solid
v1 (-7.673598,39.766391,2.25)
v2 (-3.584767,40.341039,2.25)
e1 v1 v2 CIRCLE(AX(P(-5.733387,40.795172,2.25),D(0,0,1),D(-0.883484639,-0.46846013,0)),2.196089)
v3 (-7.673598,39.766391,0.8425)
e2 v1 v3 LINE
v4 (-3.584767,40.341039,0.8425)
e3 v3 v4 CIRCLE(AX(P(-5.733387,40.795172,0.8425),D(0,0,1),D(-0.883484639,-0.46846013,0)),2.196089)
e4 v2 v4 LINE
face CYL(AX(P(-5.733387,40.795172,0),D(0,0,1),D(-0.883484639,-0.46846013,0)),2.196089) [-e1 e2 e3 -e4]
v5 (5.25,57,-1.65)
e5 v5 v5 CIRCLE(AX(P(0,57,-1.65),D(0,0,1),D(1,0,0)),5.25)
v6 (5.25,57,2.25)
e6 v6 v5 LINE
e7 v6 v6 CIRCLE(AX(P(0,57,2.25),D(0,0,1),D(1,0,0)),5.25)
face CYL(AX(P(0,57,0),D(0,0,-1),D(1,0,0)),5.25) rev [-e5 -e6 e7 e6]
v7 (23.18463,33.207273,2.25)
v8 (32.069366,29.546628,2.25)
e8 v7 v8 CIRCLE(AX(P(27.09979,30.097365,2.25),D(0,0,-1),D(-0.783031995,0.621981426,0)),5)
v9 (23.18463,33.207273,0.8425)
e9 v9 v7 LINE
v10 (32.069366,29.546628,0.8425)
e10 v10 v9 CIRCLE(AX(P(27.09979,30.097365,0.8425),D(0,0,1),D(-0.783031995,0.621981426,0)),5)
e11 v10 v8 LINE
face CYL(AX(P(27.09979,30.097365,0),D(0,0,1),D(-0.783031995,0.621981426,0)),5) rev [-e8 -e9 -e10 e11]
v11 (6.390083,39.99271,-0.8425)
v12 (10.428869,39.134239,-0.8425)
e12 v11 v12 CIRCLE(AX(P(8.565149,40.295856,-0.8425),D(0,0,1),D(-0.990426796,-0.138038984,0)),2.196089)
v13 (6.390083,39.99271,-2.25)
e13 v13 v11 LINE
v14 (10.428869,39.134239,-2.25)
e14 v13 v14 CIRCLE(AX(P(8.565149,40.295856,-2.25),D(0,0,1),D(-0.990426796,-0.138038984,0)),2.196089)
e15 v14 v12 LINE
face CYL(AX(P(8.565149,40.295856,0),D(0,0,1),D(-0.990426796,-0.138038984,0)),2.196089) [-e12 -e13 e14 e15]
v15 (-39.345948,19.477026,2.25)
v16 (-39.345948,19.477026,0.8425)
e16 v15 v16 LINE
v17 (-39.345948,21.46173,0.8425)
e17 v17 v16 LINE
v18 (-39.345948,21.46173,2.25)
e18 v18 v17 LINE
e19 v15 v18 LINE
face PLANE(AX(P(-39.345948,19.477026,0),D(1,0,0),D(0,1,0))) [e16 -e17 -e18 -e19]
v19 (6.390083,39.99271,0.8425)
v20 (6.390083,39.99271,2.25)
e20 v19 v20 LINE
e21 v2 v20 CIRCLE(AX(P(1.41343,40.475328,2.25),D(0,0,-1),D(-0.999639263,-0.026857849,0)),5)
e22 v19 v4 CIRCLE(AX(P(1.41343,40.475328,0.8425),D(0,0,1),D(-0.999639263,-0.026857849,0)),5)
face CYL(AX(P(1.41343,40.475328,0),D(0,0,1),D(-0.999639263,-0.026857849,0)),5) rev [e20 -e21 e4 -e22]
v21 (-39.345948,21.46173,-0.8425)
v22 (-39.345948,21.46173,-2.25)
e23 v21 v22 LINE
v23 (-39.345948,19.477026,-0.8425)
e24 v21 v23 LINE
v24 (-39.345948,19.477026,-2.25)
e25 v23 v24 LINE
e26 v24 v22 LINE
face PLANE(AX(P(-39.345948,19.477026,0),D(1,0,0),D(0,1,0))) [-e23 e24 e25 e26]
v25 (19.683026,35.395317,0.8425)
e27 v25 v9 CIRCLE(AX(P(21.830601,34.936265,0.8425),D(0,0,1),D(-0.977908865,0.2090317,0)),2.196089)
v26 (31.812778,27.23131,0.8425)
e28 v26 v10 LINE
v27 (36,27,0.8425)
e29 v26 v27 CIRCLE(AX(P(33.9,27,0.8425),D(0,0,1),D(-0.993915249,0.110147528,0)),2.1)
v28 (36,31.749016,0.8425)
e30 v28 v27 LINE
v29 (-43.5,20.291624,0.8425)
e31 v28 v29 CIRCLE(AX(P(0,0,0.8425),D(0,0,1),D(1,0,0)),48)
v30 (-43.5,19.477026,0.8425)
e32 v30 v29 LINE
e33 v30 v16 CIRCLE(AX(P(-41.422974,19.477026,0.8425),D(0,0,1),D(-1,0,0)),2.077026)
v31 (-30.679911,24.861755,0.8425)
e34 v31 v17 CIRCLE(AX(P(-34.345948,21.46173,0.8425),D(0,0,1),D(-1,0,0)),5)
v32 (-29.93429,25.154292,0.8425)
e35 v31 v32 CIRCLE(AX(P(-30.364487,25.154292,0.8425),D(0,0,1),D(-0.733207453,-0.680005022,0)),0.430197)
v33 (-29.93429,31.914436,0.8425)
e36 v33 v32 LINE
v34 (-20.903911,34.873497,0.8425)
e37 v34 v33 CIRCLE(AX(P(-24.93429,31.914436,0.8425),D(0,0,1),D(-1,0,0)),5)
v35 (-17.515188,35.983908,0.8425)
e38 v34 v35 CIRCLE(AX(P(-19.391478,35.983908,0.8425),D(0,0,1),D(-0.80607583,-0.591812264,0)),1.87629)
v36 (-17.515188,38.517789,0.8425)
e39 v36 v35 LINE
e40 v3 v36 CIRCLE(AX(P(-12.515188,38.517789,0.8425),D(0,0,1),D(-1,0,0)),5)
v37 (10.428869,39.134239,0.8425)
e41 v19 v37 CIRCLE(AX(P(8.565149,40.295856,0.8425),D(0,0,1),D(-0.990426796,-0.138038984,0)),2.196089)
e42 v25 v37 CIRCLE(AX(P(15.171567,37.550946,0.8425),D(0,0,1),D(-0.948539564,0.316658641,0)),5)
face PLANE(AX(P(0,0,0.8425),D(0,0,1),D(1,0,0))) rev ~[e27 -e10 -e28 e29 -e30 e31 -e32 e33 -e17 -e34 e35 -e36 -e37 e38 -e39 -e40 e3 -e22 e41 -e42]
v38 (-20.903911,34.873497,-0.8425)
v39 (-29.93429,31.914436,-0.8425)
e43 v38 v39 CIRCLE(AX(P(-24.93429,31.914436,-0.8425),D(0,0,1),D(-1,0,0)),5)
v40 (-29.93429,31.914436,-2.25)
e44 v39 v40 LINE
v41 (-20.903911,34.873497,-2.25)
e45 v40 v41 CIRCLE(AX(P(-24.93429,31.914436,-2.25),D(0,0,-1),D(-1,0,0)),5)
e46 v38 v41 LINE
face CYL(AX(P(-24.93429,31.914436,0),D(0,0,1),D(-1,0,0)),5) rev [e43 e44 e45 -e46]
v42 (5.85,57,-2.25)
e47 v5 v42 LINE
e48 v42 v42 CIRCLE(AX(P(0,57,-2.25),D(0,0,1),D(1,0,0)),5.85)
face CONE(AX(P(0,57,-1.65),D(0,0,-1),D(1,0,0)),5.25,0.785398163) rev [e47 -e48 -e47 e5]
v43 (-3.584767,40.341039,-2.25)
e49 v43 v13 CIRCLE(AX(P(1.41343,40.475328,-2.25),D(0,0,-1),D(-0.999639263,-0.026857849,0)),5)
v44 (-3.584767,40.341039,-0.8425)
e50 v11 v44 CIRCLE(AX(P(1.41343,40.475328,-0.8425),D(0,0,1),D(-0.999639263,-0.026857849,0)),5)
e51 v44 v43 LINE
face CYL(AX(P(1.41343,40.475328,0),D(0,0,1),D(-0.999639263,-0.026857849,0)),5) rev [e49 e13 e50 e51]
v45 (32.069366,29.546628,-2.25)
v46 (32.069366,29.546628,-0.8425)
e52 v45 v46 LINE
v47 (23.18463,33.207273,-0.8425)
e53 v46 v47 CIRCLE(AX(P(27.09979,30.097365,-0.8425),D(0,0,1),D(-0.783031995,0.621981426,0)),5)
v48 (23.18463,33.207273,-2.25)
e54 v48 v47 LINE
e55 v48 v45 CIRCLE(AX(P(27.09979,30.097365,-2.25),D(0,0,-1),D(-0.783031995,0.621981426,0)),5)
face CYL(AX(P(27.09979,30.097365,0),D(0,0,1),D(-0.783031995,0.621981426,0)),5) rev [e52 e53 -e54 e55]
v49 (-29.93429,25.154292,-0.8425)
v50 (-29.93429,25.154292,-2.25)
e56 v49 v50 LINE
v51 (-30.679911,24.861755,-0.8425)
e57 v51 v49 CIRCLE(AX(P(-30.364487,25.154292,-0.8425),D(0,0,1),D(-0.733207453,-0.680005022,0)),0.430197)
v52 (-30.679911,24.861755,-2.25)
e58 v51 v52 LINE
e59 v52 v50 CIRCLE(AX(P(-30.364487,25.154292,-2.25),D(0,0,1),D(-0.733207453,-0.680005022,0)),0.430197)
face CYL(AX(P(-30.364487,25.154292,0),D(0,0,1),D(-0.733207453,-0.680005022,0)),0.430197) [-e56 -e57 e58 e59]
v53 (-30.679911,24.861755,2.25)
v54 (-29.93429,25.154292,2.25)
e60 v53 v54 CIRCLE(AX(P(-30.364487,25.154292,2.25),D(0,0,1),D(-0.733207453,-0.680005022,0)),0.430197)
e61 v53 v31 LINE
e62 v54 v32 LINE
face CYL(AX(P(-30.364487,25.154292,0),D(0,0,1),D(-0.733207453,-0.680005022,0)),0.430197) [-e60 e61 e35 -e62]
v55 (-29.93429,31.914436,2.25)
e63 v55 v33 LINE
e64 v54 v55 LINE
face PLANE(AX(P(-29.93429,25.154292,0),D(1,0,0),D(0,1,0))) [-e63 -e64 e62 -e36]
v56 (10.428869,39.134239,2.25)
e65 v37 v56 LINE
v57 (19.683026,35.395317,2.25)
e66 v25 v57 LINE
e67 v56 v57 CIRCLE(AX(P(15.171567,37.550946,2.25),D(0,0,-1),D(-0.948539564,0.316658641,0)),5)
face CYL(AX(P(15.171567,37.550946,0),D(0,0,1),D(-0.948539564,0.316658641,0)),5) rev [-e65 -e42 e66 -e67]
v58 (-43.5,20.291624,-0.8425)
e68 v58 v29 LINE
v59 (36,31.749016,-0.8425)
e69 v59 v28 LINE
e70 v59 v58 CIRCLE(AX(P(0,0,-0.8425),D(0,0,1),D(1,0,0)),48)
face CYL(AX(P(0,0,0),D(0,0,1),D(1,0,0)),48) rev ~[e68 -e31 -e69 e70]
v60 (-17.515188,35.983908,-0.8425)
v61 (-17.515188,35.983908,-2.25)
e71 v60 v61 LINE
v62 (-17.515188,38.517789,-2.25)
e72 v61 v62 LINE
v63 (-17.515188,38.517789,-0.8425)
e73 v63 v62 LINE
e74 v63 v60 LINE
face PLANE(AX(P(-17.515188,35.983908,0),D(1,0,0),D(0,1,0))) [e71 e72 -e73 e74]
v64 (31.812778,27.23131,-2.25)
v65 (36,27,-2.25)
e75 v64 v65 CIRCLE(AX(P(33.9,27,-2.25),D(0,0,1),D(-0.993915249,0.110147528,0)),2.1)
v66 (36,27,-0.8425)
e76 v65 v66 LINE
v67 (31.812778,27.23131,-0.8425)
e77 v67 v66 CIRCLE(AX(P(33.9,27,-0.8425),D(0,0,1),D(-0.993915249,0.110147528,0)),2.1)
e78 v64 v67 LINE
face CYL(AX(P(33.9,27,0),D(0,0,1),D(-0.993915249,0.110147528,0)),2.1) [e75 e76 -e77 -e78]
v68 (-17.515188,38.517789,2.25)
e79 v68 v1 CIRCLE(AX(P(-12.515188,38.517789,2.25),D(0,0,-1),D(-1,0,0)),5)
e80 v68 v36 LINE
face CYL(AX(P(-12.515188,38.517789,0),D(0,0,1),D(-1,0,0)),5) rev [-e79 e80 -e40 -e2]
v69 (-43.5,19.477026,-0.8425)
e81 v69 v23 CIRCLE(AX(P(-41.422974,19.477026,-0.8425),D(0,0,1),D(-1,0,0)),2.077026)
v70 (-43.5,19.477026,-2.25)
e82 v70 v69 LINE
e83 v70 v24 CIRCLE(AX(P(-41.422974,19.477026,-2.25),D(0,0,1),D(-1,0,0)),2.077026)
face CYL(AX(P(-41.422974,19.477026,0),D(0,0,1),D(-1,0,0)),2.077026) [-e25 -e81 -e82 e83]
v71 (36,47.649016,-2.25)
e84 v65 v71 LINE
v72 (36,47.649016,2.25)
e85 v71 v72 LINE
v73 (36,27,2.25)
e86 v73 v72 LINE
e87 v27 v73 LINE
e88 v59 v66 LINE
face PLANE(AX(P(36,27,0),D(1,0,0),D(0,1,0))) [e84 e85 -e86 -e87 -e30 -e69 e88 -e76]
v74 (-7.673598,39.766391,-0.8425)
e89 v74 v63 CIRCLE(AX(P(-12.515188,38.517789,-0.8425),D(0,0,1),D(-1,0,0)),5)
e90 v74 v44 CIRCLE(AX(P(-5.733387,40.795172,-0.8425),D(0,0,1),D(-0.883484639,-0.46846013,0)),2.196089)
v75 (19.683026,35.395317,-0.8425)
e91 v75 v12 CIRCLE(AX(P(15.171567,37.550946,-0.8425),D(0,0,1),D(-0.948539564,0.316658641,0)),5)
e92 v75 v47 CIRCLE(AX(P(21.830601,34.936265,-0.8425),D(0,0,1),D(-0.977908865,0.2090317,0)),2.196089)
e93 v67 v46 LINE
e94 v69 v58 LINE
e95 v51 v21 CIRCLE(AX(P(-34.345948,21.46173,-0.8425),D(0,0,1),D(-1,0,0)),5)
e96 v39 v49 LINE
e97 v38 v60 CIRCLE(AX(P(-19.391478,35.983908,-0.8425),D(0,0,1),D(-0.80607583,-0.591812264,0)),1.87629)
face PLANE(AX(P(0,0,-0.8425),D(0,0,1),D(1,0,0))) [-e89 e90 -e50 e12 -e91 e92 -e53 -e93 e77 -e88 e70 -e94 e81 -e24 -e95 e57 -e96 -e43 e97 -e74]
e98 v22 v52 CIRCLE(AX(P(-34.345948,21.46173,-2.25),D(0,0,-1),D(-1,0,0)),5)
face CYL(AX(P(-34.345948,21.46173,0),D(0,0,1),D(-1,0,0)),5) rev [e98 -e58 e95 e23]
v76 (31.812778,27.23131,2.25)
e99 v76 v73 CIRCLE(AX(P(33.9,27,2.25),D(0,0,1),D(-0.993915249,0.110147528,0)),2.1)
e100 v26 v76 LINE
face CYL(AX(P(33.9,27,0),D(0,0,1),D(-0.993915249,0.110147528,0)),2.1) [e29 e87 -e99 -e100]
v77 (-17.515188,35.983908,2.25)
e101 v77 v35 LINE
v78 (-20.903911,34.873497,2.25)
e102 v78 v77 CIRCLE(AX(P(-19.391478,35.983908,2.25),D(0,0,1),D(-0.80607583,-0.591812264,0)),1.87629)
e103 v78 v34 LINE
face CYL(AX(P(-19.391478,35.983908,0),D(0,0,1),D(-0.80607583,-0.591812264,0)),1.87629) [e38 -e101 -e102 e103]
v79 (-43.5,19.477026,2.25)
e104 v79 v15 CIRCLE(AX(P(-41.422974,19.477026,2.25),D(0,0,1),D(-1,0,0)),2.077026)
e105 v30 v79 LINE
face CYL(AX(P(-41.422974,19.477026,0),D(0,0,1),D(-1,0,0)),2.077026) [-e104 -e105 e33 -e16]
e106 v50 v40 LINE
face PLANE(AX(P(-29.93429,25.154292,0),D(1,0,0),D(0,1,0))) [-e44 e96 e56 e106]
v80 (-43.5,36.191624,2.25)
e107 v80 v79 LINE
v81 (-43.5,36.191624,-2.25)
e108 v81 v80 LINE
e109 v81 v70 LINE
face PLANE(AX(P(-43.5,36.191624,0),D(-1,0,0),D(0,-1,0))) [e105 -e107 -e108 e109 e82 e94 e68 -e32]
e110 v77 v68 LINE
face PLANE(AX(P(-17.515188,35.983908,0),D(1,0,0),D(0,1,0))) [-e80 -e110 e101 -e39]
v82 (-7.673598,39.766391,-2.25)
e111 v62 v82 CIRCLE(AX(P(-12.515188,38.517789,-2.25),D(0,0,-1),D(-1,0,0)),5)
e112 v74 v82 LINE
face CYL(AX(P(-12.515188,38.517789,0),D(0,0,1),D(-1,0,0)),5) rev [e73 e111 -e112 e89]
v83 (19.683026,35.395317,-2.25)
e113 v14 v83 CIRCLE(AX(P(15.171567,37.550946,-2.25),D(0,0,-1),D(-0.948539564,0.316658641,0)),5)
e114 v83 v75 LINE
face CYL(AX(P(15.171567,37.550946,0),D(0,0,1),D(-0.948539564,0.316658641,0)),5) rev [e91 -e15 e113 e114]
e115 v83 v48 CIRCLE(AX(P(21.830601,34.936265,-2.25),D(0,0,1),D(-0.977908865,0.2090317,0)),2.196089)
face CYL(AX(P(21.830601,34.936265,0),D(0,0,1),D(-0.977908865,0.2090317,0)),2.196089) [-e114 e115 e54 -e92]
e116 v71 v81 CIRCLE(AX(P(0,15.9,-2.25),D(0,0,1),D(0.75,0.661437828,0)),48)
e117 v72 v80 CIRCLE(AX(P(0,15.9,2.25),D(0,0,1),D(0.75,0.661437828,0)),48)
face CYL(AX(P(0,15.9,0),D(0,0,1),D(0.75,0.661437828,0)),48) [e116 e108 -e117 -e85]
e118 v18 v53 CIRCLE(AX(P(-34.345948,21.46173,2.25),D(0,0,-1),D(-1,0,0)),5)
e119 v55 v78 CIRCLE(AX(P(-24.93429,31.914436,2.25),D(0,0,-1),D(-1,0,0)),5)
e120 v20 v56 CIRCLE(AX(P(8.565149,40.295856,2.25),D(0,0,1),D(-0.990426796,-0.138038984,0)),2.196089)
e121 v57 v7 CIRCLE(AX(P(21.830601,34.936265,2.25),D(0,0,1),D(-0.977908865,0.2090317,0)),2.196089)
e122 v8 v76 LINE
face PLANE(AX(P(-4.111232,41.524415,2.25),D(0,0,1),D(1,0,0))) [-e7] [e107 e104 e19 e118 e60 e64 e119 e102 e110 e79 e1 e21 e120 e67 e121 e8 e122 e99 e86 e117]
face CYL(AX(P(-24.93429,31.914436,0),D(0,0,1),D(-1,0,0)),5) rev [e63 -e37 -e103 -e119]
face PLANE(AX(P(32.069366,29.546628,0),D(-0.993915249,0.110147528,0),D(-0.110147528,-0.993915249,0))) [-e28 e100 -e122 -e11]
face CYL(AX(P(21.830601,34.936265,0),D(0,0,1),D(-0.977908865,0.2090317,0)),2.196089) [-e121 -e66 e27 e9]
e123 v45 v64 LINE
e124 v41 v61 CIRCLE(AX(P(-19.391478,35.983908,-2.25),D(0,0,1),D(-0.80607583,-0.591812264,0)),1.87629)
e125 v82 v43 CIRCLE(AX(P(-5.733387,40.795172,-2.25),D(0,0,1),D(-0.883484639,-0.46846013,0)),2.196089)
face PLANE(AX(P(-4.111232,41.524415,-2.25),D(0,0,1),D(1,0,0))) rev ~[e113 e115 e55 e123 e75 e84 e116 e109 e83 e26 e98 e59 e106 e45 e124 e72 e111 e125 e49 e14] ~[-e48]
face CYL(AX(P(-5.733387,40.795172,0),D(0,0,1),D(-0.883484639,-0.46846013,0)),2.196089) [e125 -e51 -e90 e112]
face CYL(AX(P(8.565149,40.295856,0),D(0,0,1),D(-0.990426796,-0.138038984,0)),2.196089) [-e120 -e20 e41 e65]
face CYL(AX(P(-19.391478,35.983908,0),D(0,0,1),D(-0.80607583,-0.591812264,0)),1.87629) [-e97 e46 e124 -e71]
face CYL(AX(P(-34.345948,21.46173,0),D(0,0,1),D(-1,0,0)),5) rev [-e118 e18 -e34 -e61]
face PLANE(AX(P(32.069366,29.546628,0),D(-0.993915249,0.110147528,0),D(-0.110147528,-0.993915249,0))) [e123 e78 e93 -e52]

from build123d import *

# Parameters (mm, degrees)
F0_R     = 1.75
F1_DEPTH = 0.75
F2_SIZE  = 0.2
F3_R     = 16
F4_DEPTH = 0.2808333333
F5_SCALE = 3


with BuildPart() as f1:
    # F0 (on Top) → F1 (new body, symmetric)
    with BuildSketch(Plane.XY):
        with BuildLine():
            ThreePointArc((-1.1949222327, 13.4470130831), (0.5293090333, 15.1574275431), (2.1300276773, 13.3309032738))
            ThreePointArc((2.1300276773, 13.3309032738), (2.7028519806, 12.7159188095), (3.4762897375, 13.0447464391))
            ThreePointArc((3.4762897375, 13.0447464391), (5.6815333335, 14.0622884609), (6.5610087387, 11.7984390633))
            ThreePointArc((6.5610087387, 11.7984390633), (6.888950435, 11.02462525), (7.7282098608, 11.0690908546))
            ThreePointArc((7.7282098608, 11.0690908546), (9.6681759929, 11.5734494675), (10.6897886008, 9.8488759309))
            Line((10.6897886008, 9.8488759309), (10.6042593257, 9.0771032695))
            ThreePointArc((10.6042593257, 9.0771032695), (11.2613895868, 8.3010656426), (12, 9))
            Line((12, 9), (12, 15.8830052443))
            ThreePointArc((12, 15.8830052443), (-2.2823101594, 21.1363840676), (-14.5, 12.0638746292))
            Line((-14.5, 12.0638746292), (-14.5, 6.4923420176))
            ThreePointArc((-14.5, 6.4923420176), (-13.8076579824, 5.8), (-13.1153159648, 6.4923420176))
            Line((-13.1153159648, 6.4923420176), (-13.1153159648, 7.1539100671))
            ThreePointArc((-13.1153159648, 7.1539100671), (-12.0573735414, 8.7054359527), (-10.2266368767, 8.2872517719))
            ThreePointArc((-10.2266368767, 8.2872517719), (-10.0691213433, 8.2512714446), (-9.9780965836, 8.3847638426))
            Line((-9.9780965836, 8.3847638426), (-9.9780965836, 10.6381451737))
            ThreePointArc((-9.9780965836, 10.6381451737), (-8.8304088419, 12.2219502921), (-6.9679701997, 11.624498947))
            ThreePointArc((-6.9679701997, 11.624498947), (-6.2690751364, 11.4003005298), (-5.8383960907, 11.9946361248))
            Line((-5.8383960907, 11.9946361248), (-5.8383960907, 12.83926297))
            ThreePointArc((-5.8383960907, 12.83926297), (-4.3814979484, 14.4926760896), (-2.557866158, 13.2554638062))
            ThreePointArc((-2.557866158, 13.2554638062), (-1.8092503125, 12.8734848936), (-1.1949222327, 13.4470130831))
        make_face()
        with Locations((0, 19)):
            Circle(F0_R, mode=Mode.SUBTRACT)
    extrude(amount=F1_DEPTH, both=True)

    # F2
    f2_edges = [f1.edges().sort_by_distance(p)[0] for p in [
        (-1.75, 19, -0.75),
    ]]
    chamfer(f2_edges, length=F2_SIZE)

    # F3 (on Top) → F4 (cut, symmetric)
    with BuildSketch(Plane.XY):
        Circle(F3_R)
    extrude(amount=F4_DEPTH, both=True, mode=Mode.SUBTRACT)


with BuildPart() as f1_1:
    # F5: moved
    add(f1.part.scale(F5_SCALE))


solid = f1_1.part
